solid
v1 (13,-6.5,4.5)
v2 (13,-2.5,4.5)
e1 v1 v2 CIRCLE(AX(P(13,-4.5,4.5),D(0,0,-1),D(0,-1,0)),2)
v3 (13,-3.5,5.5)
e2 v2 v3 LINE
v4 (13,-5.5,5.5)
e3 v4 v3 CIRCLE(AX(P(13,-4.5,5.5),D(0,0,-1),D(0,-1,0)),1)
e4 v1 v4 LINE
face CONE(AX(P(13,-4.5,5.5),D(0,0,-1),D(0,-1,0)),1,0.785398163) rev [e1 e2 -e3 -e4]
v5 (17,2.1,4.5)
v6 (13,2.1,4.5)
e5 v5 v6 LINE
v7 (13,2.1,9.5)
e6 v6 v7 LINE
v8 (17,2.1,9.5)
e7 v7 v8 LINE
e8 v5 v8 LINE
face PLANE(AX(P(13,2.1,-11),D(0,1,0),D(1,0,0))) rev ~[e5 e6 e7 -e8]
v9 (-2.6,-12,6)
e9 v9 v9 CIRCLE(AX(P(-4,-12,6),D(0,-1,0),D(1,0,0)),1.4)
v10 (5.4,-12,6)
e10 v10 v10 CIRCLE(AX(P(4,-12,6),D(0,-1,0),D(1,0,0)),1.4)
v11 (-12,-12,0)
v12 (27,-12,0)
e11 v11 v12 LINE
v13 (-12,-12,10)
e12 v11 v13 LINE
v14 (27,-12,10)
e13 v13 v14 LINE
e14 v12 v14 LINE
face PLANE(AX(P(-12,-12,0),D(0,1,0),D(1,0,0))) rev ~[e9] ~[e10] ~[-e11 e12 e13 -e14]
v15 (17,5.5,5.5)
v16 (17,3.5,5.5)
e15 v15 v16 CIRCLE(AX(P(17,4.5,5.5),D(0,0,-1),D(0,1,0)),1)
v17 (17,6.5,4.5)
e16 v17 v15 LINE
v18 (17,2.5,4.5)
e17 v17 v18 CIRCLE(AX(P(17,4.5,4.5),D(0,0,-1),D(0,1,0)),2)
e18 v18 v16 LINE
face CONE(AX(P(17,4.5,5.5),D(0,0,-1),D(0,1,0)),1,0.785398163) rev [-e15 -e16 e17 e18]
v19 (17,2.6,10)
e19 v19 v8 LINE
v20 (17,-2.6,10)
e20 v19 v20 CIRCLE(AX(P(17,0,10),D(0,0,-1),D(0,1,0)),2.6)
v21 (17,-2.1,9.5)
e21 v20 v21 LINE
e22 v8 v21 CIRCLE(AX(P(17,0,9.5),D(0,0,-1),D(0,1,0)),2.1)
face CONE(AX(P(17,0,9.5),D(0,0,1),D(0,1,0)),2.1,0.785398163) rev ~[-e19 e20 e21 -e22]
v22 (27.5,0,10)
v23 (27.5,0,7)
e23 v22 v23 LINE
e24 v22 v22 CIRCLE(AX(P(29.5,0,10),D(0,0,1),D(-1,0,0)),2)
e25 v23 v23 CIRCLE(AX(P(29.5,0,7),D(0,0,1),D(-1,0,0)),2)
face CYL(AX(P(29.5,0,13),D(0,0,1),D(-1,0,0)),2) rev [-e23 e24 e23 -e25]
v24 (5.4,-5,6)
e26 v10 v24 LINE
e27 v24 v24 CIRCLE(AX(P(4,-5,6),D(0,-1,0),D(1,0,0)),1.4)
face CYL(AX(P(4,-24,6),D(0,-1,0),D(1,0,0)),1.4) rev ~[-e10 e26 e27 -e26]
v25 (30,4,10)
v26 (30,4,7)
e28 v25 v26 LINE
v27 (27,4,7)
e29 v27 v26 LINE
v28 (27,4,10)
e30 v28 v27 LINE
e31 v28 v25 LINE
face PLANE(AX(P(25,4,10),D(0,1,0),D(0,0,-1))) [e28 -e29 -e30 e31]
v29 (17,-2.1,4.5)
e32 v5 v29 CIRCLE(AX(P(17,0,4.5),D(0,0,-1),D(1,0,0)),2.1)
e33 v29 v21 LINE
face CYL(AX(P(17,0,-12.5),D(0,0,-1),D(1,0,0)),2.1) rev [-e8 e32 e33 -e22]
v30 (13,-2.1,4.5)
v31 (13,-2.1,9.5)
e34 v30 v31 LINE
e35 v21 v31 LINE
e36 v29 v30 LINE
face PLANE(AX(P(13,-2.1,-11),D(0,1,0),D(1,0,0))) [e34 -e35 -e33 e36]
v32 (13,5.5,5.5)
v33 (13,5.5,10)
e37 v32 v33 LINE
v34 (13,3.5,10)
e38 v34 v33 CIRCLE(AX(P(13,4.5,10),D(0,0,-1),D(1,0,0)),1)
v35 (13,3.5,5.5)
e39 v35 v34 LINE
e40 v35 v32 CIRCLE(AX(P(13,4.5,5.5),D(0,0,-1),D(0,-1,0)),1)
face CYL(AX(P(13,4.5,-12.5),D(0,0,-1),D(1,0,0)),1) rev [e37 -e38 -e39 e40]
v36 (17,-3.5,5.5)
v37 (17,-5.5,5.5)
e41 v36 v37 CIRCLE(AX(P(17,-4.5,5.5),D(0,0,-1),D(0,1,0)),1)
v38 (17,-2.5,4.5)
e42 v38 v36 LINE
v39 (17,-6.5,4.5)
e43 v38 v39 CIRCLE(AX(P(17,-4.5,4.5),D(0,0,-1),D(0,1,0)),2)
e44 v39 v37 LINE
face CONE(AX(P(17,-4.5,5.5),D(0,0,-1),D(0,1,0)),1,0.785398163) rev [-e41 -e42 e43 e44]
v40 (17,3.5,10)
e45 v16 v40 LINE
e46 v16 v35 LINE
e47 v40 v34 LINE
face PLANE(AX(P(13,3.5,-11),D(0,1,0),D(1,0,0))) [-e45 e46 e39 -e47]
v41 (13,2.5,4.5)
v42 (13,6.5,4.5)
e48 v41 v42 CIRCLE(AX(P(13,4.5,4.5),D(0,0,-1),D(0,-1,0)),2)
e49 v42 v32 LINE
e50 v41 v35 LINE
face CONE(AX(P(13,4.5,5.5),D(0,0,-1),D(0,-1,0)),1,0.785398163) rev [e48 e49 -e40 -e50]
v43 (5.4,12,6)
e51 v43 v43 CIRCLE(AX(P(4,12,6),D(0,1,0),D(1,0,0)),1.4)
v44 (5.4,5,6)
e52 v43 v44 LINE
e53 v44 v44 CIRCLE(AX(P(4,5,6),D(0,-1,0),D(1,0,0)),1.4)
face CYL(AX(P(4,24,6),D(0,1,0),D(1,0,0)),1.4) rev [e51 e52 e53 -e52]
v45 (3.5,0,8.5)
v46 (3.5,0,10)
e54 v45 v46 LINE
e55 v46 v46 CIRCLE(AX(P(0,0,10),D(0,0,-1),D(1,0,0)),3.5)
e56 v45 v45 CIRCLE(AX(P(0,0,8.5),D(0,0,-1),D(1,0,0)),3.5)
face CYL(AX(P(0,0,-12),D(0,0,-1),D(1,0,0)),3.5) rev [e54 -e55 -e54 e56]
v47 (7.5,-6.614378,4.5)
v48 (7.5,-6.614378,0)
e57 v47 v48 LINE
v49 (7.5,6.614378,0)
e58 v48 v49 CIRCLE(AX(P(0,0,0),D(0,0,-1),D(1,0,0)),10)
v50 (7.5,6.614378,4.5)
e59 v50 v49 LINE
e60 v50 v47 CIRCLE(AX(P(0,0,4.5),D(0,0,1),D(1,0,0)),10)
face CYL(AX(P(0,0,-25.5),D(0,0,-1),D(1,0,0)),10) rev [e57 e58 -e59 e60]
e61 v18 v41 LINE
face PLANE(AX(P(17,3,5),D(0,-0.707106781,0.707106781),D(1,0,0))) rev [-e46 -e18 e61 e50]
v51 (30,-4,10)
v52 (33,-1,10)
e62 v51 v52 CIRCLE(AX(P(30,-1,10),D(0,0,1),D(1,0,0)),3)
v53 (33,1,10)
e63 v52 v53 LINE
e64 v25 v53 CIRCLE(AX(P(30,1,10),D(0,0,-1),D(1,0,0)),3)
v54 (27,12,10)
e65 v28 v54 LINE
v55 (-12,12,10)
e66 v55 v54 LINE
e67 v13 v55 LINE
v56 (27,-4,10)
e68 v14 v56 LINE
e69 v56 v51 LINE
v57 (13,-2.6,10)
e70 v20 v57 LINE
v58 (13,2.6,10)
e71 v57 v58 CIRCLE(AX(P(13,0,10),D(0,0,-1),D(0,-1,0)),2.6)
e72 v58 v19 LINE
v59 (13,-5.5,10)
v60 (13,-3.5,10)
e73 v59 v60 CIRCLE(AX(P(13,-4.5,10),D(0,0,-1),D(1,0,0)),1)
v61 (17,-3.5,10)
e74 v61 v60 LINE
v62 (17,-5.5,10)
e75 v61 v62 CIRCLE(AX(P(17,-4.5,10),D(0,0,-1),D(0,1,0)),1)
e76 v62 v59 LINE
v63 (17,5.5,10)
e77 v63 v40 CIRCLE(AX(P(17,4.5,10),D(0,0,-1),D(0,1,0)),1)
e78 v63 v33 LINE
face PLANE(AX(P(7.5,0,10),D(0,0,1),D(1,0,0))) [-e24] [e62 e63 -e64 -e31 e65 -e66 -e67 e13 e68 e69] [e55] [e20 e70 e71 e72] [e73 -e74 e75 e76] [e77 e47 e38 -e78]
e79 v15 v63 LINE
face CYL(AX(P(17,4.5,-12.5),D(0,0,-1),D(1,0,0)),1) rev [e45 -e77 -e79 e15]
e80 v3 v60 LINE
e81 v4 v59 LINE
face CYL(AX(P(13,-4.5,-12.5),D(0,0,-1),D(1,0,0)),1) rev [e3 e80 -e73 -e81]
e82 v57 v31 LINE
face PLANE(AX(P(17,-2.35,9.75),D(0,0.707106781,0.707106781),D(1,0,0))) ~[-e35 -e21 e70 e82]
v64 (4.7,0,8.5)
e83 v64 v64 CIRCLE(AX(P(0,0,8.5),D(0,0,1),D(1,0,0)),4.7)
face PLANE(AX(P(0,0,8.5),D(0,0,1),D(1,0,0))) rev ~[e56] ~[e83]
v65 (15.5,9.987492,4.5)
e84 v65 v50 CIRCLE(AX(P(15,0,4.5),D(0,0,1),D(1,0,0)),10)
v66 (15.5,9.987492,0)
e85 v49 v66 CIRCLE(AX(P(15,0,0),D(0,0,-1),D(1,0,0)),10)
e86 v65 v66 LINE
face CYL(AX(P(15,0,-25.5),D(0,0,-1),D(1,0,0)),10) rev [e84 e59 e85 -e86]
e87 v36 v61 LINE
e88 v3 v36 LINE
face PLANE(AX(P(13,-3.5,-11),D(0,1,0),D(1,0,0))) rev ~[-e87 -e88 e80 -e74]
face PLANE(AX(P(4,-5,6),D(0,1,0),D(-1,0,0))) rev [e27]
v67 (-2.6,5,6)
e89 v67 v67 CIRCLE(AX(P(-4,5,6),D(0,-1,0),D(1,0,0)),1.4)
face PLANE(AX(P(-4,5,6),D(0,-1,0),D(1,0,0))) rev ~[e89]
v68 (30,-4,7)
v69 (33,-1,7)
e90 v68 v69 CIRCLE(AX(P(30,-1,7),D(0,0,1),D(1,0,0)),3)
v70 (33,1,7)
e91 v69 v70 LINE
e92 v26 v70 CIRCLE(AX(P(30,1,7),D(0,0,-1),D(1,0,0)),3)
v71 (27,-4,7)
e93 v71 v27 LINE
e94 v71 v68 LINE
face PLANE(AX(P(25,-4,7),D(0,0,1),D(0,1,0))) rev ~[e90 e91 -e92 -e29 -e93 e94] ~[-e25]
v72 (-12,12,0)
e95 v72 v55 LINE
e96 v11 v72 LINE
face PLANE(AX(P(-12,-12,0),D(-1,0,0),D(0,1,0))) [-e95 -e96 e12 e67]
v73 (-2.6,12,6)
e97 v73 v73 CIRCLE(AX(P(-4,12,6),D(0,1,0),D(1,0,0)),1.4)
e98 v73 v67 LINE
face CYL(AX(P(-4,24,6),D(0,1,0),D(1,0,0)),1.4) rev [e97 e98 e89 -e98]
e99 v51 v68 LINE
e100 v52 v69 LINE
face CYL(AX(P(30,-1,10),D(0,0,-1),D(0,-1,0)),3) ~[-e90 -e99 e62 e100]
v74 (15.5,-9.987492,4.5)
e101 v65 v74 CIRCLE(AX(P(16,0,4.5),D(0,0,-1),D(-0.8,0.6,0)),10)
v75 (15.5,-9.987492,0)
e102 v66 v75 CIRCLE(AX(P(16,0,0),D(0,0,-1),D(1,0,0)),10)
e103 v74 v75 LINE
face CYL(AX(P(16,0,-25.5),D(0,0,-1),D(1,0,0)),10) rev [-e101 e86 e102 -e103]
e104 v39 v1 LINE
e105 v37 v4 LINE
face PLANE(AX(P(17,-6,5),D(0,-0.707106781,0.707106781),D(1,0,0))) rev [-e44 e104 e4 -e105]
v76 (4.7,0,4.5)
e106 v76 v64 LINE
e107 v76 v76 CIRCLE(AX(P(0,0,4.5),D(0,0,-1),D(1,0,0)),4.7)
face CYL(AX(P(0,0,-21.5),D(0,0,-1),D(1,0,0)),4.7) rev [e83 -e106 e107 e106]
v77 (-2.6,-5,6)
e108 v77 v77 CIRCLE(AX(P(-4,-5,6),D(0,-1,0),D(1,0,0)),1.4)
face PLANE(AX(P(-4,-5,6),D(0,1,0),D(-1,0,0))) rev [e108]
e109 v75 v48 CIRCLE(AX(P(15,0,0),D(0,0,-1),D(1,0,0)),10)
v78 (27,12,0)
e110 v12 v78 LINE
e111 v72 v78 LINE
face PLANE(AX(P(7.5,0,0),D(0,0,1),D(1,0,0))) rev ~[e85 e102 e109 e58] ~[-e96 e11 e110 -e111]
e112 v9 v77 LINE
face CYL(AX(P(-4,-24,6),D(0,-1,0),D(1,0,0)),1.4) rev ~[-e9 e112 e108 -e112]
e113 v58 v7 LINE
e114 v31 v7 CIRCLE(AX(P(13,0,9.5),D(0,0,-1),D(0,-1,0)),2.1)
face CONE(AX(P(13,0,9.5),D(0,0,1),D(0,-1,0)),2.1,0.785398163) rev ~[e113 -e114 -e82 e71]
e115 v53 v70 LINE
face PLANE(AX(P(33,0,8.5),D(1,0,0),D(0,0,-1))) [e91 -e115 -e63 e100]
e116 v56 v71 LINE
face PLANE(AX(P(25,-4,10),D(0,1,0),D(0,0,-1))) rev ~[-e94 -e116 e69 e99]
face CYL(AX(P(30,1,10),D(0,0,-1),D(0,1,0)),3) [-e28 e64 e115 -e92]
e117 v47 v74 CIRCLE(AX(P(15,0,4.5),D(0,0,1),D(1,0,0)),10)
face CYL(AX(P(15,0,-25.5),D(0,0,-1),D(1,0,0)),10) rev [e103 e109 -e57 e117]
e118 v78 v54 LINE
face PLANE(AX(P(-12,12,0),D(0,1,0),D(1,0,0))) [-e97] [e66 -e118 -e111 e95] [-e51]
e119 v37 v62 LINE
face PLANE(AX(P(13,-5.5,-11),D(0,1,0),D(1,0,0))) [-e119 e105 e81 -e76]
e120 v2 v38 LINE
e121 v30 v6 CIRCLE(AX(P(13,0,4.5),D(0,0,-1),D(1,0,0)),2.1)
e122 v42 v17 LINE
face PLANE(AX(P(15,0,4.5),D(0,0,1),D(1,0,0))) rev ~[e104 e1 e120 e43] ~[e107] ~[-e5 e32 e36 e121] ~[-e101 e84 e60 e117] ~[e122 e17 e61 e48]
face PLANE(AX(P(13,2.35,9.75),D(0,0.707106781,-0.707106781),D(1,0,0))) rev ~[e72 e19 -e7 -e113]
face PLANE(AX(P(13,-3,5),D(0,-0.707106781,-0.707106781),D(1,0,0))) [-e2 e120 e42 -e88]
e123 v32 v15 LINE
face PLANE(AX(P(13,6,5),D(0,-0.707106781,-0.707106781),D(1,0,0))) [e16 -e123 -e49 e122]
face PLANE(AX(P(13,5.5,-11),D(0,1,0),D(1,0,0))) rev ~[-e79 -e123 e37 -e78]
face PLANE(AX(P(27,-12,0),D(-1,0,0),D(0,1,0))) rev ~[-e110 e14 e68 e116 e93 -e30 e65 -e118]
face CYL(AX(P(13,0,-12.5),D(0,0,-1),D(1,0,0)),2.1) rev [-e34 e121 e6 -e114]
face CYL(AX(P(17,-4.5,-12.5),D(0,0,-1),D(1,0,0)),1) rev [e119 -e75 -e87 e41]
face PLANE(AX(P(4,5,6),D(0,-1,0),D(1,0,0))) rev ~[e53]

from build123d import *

# Parameters (mm, degrees)
CYLINDER267_R           = 2
CYLINDER267_DEPTH       = 10
CYLINDER267_PITCH_ANGLE = 90
BOX001027045199_W       = 3
BOX001027045199_H       = 8
BOX001027045199_DEPTH   = 8
FILLET045_R             = 3
CUT239_PITCH_ANGLE      = 90
CYLINDER028_R           = 1.4
CYLINDER028_DEPTH       = 19
CYLINDER028_ROLL_ANGLE  = 90
CYLINDER031_R           = 1.4
CYLINDER031_DEPTH       = 19
CYLINDER031_ROLL_ANGLE  = 90
CYLINDER032_R           = 1.4
CYLINDER032_DEPTH       = 19
CYLINDER032_ROLL_ANGLE  = 90
CYLINDER027_R           = 1.4
CYLINDER027_DEPTH       = 19
CYLINDER027_ROLL_ANGLE  = 90
CYLINDER021_R           = 1
CYLINDER021_DEPTH       = 30
CYLINDER022_R           = 1
CYLINDER022_DEPTH       = 30
BOX001007_W             = 4
BOX001007_H             = 4.2
BOX001007_DEPTH         = 27
CYLINDER020_R           = 2.1
CYLINDER020_DEPTH       = 30
CYLINDER023_R           = 2.1
CYLINDER023_DEPTH       = 30
CYLINDER024_R           = 1
CYLINDER024_DEPTH       = 30
BOX001008_W             = 4
BOX001008_H             = 2
BOX001008_DEPTH         = 27
CYLINDER025_R           = 1
CYLINDER025_DEPTH       = 30
BOX001009_W             = 4
BOX001009_H             = 2
BOX001009_DEPTH         = 27
CYLINDER016_R           = 3.5
CYLINDER016_DEPTH       = 30
CYLINDER017_R           = 4.7
CYLINDER017_DEPTH       = 30
CYLINDER018_R           = 10
CYLINDER018_DEPTH       = 30
CYLINDER026_R           = 10
CYLINDER026_DEPTH       = 30
CYLINDER019_R           = 10
CYLINDER019_DEPTH       = 30
BOX001006_W             = 39
BOX001006_H             = 24
BOX001006_DEPTH         = 10
CHAMFER_SIZE            = 1
CHAMFER014_SIZE         = 0.5


with BuildPart() as cylinder285:
    # Cylinder267 → Cylinder267 (new body)
    with BuildSketch(Plane.XY):
        Circle(CYLINDER267_R)
    extrude(amount=CYLINDER267_DEPTH)


with BuildPart() as cylinder285_1:
    # Cylinder267 pitch: moved
    add(cylinder285.part.rotate(Axis((0, 0, 0), (0, 1, 0)), CYLINDER267_PITCH_ANGLE))


with BuildPart() as cylinder285_2:
    # Cylinder267 placement: moved
    add(cylinder285_1.part.moved(Location((-3, 4, 4.5))))


with BuildPart() as cut239:
    # Box001027045199 → Box001027045199 (new body)
    with BuildSketch(Plane.XY):
        with Locations((1.5, 4)):
            Rectangle(BOX001027045199_W, BOX001027045199_H)
    extrude(amount=BOX001027045199_DEPTH)

    # Fillet045
    fillet045_edges = [cut239.edges().sort_by_distance(p)[0] for p in [
        (1.5, 0, 8),
        (1.5, 8, 8),
    ]]
    fillet(fillet045_edges, radius=FILLET045_R)

    # Cut239: cut Cylinder285
    add(cylinder285_2.part, mode=Mode.SUBTRACT)


with BuildPart() as cut239_1:
    # Cut239 pitch: moved
    add(cut239.part.rotate(Axis((0, 0, 0), (0, 1, 0)), CUT239_PITCH_ANGLE))


with BuildPart() as cut239_2:
    # Cut239 placement: moved
    add(cut239_1.part.moved(Location((25, -4, 10))))


with BuildPart() as cylinder028:
    # Cylinder028 → Cylinder028 (new body)
    with BuildSketch(Plane.XY):
        Circle(CYLINDER028_R)
    extrude(amount=CYLINDER028_DEPTH)


with BuildPart() as cylinder028_1:
    # Cylinder028 roll: moved
    add(cylinder028.part.rotate(Axis((0, 0, 0), (1, 0, 0)), CYLINDER028_ROLL_ANGLE))


with BuildPart() as cylinder028_2:
    # Cylinder028 placement: moved
    add(cylinder028_1.part.moved(Location((4, 24, 6))))


with BuildPart() as cylinder031:
    # Cylinder031 → Cylinder031 (new body)
    with BuildSketch(Plane.XY):
        Circle(CYLINDER031_R)
    extrude(amount=CYLINDER031_DEPTH)


with BuildPart() as cylinder031_1:
    # Cylinder031 roll: moved
    add(cylinder031.part.rotate(Axis((0, 0, 0), (1, 0, 0)), CYLINDER031_ROLL_ANGLE))


with BuildPart() as cylinder031_2:
    # Cylinder031 placement: moved
    add(cylinder031_1.part.moved(Location((-4, 24, 6))))


with BuildPart() as part_mirroring:
    # Part__Mirroring: instance of Cylinder031
    add(cylinder031_2.part.mirror(Plane(origin=(0, 0, 0), x_dir=(1, 0, 0), z_dir=(0, 1, 0))))


with BuildPart() as cylinder032:
    # Cylinder032 → Cylinder032 (new body)
    with BuildSketch(Plane.XY):
        Circle(CYLINDER032_R)
    extrude(amount=CYLINDER032_DEPTH)


with BuildPart() as cylinder032_1:
    # Cylinder032 roll: moved
    add(cylinder032.part.rotate(Axis((0, 0, 0), (1, 0, 0)), CYLINDER032_ROLL_ANGLE))


with BuildPart() as cylinder032_2:
    # Cylinder032 placement: moved
    add(cylinder032_1.part.moved(Location((4, 24, 6))))


with BuildPart() as part_mirroring001:
    # Part__Mirroring001: instance of Cylinder032
    add(cylinder032_2.part.mirror(Plane(origin=(0, 0, 0), x_dir=(1, 0, 0), z_dir=(0, 1, 0))))


with BuildPart() as m3_tap_a:
    # Cylinder027 → Cylinder027 (new body)
    with BuildSketch(Plane.XY):
        Circle(CYLINDER027_R)
    extrude(amount=CYLINDER027_DEPTH)


with BuildPart() as m3_tap_a_1:
    # Cylinder027 roll: moved
    add(m3_tap_a.part.rotate(Axis((0, 0, 0), (1, 0, 0)), CYLINDER027_ROLL_ANGLE))


with BuildPart() as m3_tap_a_2:
    # Cylinder027 placement: moved
    add(m3_tap_a_1.part.moved(Location((-4, 24, 6))))

    # Fusion056: union Cylinder028, Part__Mirroring, Part__Mirroring001
    add(cylinder028_2.part)
    add(part_mirroring.part)
    add(part_mirroring001.part)


with BuildPart() as cylinder021:
    # Cylinder021 → Cylinder021 (new body)
    with BuildSketch(Plane(origin=(17, -4.5, -12.5), x_dir=(1, 0, 0), z_dir=(0, 0, 1))):
        Circle(CYLINDER021_R)
    extrude(amount=CYLINDER021_DEPTH)


with BuildPart() as cylinder022:
    # Cylinder022 → Cylinder022 (new body)
    with BuildSketch(Plane(origin=(17, 4.5, -12.5), x_dir=(1, 0, 0), z_dir=(0, 0, 1))):
        Circle(CYLINDER022_R)
    extrude(amount=CYLINDER022_DEPTH)


with BuildPart() as cube005:
    # Box001007 → Box001007 (new body)
    with BuildSketch(Plane(origin=(13, -2.1, -11), x_dir=(1, 0, 0), z_dir=(0, 0, 1))):
        with Locations((2, 2.1)):
            Rectangle(BOX001007_W, BOX001007_H)
    extrude(amount=BOX001007_DEPTH)


with BuildPart() as cylinder020:
    # Cylinder020 → Cylinder020 (new body)
    with BuildSketch(Plane(origin=(17, 0, -12.5), x_dir=(1, 0, 0), z_dir=(0, 0, 1))):
        Circle(CYLINDER020_R)
    extrude(amount=CYLINDER020_DEPTH)


with BuildPart() as cylinder023:
    # Cylinder023 → Cylinder023 (new body)
    with BuildSketch(Plane(origin=(13, 0, -12.5), x_dir=(1, 0, 0), z_dir=(0, 0, 1))):
        Circle(CYLINDER023_R)
    extrude(amount=CYLINDER023_DEPTH)


with BuildPart() as cylinder024:
    # Cylinder024 → Cylinder024 (new body)
    with BuildSketch(Plane(origin=(13, -4.5, -12.5), x_dir=(1, 0, 0), z_dir=(0, 0, 1))):
        Circle(CYLINDER024_R)
    extrude(amount=CYLINDER024_DEPTH)


with BuildPart() as cube006:
    # Box001008 → Box001008 (new body)
    with BuildSketch(Plane(origin=(13, -5.5, -11), x_dir=(1, 0, 0), z_dir=(0, 0, 1))):
        with Locations((2, 1)):
            Rectangle(BOX001008_W, BOX001008_H)
    extrude(amount=BOX001008_DEPTH)


with BuildPart() as cylinder025:
    # Cylinder025 → Cylinder025 (new body)
    with BuildSketch(Plane(origin=(13, 4.5, -12.5), x_dir=(1, 0, 0), z_dir=(0, 0, 1))):
        Circle(CYLINDER025_R)
    extrude(amount=CYLINDER025_DEPTH)


with BuildPart() as motor_slots:
    # Box001009 → Box001009 (new body)
    with BuildSketch(Plane(origin=(13, 3.5, -11), x_dir=(1, 0, 0), z_dir=(0, 0, 1))):
        with Locations((2, 1)):
            Rectangle(BOX001009_W, BOX001009_H)
    extrude(amount=BOX001009_DEPTH)

    # Fusion052: union Cylinder021, Cylinder022, Cube005, Cylinder020, Cylinder023, Cylinder024, Cube006, Cylinder025
    add(cylinder021.part)
    add(cylinder022.part)
    add(cube005.part)
    add(cylinder020.part)
    add(cylinder023.part)
    add(cylinder024.part)
    add(cube006.part)
    add(cylinder025.part)


with BuildPart() as cylinder016:
    # Cylinder016 → Cylinder016 (new body)
    with BuildSketch(Plane.XY.offset(-12)):
        Circle(CYLINDER016_R)
    extrude(amount=CYLINDER016_DEPTH)


with BuildPart() as cylinder017:
    # Cylinder017 → Cylinder017 (new body)
    with BuildSketch(Plane.XY.offset(-21.5)):
        Circle(CYLINDER017_R)
    extrude(amount=CYLINDER017_DEPTH)


with BuildPart() as cylinder018:
    # Cylinder018 → Cylinder018 (new body)
    with BuildSketch(Plane.XY.offset(-25.5)):
        Circle(CYLINDER018_R)
    extrude(amount=CYLINDER018_DEPTH)


with BuildPart() as cylinder026:
    # Cylinder026 → Cylinder026 (new body)
    with BuildSketch(Plane(origin=(15, 0, -25.5), x_dir=(1, 0, 0), z_dir=(0, 0, 1))):
        Circle(CYLINDER026_R)
    extrude(amount=CYLINDER026_DEPTH)


with BuildPart() as fusion054:
    # Cylinder019 → Cylinder019 (new body)
    with BuildSketch(Plane(origin=(16, 0, -25.5), x_dir=(1, 0, 0), z_dir=(0, 0, 1))):
        Circle(CYLINDER019_R)
    extrude(amount=CYLINDER019_DEPTH)

    # Fusion053: union Cylinder016, Cylinder017, Cylinder018, Cylinder026
    add(cylinder016.part)
    add(cylinder017.part)
    add(cylinder018.part)
    add(cylinder026.part)

    # Fusion054: union motor-slots
    add(motor_slots.part)


with BuildPart() as gearbox:
    # Box001006 → Box001006 (new body)
    with BuildSketch(Plane(origin=(-12, -12, 0), x_dir=(1, 0, 0), z_dir=(0, 0, 1))):
        with Locations((19.5, 12)):
            Rectangle(BOX001006_W, BOX001006_H)
    extrude(amount=BOX001006_DEPTH)

    # Cut005: cut Fusion054
    add(fusion054.part, mode=Mode.SUBTRACT)

    # Chamfer
    chamfer_edges = [gearbox.edges().sort_by_distance(p)[0] for p in [
        (12, 4.5, 4.5),
        (15, 3.5, 4.5),
        (17.707107, 3.792893, 4.5),
        (17.707107, 5.207107, 4.5),
        (15, 5.5, 4.5),
        (17.707107, -5.207107, 4.5),
        (17.707107, -3.792893, 4.5),
        (15, -3.5, 4.5),
        (12, -4.5, 4.5),
        (15, -5.5, 4.5),
    ]]
    chamfer(chamfer_edges, length=CHAMFER_SIZE)

    # Cut007: cut M3-tap-a
    add(m3_tap_a_2.part, mode=Mode.SUBTRACT)

    # Chamfer014
    chamfer014_edges = [gearbox.edges().sort_by_distance(p)[0] for p in [
        (18.484924, 1.484924, 10),
        (15, 2.1, 10),
        (10.9, 0, 10),
        (15, -2.1, 10),
        (18.484924, -1.484924, 10),
    ]]
    chamfer(chamfer014_edges, length=CHAMFER014_SIZE)

    # Fusion112154: union Cut239
    add(cut239_2.part)


solid = gearbox.part
